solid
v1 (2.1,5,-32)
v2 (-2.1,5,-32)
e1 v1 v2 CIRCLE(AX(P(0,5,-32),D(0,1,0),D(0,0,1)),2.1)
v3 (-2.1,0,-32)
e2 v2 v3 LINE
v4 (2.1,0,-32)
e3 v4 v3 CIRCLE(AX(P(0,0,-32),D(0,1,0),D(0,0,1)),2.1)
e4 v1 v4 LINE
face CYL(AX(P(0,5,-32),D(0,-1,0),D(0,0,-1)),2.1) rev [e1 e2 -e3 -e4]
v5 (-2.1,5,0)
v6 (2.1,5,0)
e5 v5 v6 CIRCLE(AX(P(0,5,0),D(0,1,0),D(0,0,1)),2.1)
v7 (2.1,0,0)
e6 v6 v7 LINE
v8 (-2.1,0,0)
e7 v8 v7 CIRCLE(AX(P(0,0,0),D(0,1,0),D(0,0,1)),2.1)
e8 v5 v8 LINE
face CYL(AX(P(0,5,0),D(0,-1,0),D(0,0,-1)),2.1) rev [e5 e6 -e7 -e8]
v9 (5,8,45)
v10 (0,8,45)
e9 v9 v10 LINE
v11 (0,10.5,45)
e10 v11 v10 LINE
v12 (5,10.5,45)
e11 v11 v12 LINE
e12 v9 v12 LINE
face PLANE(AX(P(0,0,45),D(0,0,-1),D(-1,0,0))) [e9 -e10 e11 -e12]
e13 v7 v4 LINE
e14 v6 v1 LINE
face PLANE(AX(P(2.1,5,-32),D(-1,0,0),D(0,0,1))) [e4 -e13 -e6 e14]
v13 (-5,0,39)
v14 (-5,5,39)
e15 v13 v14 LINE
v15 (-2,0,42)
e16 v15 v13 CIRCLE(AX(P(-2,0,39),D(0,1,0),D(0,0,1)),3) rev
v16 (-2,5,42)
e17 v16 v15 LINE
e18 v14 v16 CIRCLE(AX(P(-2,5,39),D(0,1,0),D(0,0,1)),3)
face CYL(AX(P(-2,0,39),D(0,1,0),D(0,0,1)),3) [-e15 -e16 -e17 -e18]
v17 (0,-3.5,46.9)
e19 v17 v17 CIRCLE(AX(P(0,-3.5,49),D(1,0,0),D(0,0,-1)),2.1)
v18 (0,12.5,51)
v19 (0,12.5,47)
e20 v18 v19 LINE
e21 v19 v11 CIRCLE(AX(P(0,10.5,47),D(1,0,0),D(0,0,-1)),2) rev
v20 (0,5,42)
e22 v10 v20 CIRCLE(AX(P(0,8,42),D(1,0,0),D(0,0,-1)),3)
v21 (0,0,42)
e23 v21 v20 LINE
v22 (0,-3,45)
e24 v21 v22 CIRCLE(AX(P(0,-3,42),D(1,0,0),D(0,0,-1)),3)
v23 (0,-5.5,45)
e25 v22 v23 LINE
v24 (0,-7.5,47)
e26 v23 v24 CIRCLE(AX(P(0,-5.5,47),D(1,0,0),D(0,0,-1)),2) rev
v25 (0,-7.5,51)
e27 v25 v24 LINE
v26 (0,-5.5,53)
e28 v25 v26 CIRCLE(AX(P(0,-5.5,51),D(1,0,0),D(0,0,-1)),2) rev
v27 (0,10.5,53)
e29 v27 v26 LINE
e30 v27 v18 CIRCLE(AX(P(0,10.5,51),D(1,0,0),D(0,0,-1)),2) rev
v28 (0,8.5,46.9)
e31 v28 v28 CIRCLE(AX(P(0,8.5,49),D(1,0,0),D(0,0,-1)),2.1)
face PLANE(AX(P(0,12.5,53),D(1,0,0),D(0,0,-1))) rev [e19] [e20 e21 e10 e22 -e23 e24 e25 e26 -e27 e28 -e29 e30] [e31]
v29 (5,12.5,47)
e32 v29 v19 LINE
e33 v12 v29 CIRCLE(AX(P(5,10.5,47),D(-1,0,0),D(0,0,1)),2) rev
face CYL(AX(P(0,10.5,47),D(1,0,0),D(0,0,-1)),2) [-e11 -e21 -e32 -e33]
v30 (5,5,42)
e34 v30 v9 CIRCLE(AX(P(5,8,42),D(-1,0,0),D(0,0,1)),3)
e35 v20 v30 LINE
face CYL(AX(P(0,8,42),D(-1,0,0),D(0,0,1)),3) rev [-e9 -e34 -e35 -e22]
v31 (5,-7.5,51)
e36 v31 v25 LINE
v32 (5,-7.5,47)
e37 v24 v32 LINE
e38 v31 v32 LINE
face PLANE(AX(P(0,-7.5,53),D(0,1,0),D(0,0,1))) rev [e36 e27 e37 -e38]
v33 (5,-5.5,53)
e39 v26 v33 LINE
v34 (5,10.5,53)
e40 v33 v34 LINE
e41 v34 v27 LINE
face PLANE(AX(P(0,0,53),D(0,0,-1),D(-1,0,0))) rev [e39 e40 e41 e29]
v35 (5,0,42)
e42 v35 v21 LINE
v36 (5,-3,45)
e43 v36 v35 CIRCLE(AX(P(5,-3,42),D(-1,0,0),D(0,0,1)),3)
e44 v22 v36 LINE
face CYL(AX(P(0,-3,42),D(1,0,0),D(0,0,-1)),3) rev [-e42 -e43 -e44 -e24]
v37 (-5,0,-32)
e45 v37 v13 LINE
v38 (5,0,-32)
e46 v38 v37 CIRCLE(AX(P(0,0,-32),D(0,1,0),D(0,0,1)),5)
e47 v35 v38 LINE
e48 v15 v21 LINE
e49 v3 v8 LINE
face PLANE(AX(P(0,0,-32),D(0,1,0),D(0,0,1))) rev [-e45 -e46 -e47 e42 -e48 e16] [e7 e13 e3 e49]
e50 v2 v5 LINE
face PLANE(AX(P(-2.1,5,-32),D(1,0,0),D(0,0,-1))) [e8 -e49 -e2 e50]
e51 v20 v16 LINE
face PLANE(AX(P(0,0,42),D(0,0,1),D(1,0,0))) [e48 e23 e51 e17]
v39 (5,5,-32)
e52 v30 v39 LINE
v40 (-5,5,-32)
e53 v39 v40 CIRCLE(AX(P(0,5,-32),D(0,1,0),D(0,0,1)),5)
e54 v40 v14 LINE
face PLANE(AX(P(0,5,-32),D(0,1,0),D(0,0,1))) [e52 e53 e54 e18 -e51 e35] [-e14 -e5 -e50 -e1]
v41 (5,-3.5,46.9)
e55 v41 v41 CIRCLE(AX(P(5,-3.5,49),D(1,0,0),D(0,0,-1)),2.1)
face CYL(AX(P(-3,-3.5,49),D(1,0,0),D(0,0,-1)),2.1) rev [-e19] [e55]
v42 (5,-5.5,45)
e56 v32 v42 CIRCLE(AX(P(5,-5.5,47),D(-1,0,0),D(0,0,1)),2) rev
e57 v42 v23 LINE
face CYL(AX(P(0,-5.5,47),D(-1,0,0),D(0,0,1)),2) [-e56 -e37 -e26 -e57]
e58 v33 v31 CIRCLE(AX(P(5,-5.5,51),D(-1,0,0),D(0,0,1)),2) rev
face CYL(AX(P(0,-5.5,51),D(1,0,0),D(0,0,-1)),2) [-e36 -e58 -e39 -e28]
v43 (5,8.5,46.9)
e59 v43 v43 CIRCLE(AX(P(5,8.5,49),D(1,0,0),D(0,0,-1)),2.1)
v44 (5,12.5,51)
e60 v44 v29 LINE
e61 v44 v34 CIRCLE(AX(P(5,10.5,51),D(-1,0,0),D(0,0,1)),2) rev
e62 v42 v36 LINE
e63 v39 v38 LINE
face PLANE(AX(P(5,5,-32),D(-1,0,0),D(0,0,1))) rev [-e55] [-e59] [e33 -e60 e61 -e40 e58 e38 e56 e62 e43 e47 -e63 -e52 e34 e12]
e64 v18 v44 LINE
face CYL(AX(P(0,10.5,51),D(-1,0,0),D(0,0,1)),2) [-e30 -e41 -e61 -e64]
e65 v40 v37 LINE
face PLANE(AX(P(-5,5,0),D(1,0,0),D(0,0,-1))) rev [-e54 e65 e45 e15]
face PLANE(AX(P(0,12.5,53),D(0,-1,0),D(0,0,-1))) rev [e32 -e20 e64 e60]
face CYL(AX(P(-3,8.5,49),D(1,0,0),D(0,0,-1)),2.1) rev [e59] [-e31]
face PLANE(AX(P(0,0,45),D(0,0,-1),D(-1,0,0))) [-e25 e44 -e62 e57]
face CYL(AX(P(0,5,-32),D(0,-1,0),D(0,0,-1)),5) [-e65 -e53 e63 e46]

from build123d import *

# Parameters (mm, degrees)
BOSS_EXTRUDE1_DEPTH = 5
SKETCH2_W           = 5
SKETCH2_H           = 20
BOSS_EXTRUDE2_DEPTH = 8
SKETCH3_R           = 2.1
CUT_EXTRUDE1_DEPTH  = 8
FILLET2_R           = 2
SKETCH4_W           = 5
SKETCH4_H           = 5
CUT_EXTRUDE2_DEPTH  = 3
FILLET3_R           = 3


with BuildPart() as part:
    # Sketch1 → Boss-Extrude1 (new body)
    with BuildSketch(Plane(origin=(0, 0, 0), x_dir=(1, 0, 0), z_dir=(0, 1, 0))):
        with BuildLine():
            Line((5, 32), (5, 0))
            Line((5, 0), (5, -45))
            Line((5, -45), (-5, -45))
            Line((-5, -45), (-5, 0))
            Line((-5, 0), (-5, 32))
            ThreePointArc((-5, 32), (0, 37), (5, 32))
        make_face()
        with BuildLine():
            Line((2.1, 32), (2.1, 0))
            ThreePointArc((2.1, 0), (0, -2.1), (-2.1, 0))
            Line((-2.1, 0), (-2.1, 32))
            ThreePointArc((-2.1, 32), (0, 34.1), (2.1, 32))
        make_face(mode=Mode.SUBTRACT)
    extrude(amount=BOSS_EXTRUDE1_DEPTH)

    # Sketch2 → Boss-Extrude2 (add)
    with BuildSketch(Plane.XY.offset(45)):
        with Locations((2.5, 2.5)):
            Rectangle(SKETCH2_W, SKETCH2_H)
    extrude(amount=BOSS_EXTRUDE2_DEPTH)

    # Sketch3 → Cut-Extrude1 (cut)
    with BuildSketch(Plane(origin=(5, 0, 0), x_dir=(0, 0, -1), z_dir=(1, 0, 0))):
        with Locations((-49, 8.5)):
            Circle(SKETCH3_R)
        with Locations((-49, -3.5)):
            Circle(SKETCH3_R)
    extrude(amount=-CUT_EXTRUDE1_DEPTH, mode=Mode.SUBTRACT)

    # Fillet2
    fillet2_edges = [part.edges().sort_by_distance(p)[0] for p in [
        (2.5, 12.5, 45),
        (2.5, -7.5, 45),
        (2.5, 12.5, 53),
        (2.5, -7.5, 53),
    ]]
    fillet(fillet2_edges, radius=FILLET2_R)

    # Sketch4 → Cut-Extrude2 (cut)
    with BuildSketch(Plane.XY.offset(45)):
        with Locations((-2.5, 2.5)):
            Rectangle(SKETCH4_W, SKETCH4_H)
    extrude(amount=-CUT_EXTRUDE2_DEPTH, mode=Mode.SUBTRACT)

    # Fillet3
    fillet3_edges = [part.edges().sort_by_distance(p)[0] for p in [
        (2.5, 0, 45),
        (-5, 2.5, 42),
        (2.5, 5, 45),
    ]]
    fillet(fillet3_edges, radius=FILLET3_R)


solid = part.part
